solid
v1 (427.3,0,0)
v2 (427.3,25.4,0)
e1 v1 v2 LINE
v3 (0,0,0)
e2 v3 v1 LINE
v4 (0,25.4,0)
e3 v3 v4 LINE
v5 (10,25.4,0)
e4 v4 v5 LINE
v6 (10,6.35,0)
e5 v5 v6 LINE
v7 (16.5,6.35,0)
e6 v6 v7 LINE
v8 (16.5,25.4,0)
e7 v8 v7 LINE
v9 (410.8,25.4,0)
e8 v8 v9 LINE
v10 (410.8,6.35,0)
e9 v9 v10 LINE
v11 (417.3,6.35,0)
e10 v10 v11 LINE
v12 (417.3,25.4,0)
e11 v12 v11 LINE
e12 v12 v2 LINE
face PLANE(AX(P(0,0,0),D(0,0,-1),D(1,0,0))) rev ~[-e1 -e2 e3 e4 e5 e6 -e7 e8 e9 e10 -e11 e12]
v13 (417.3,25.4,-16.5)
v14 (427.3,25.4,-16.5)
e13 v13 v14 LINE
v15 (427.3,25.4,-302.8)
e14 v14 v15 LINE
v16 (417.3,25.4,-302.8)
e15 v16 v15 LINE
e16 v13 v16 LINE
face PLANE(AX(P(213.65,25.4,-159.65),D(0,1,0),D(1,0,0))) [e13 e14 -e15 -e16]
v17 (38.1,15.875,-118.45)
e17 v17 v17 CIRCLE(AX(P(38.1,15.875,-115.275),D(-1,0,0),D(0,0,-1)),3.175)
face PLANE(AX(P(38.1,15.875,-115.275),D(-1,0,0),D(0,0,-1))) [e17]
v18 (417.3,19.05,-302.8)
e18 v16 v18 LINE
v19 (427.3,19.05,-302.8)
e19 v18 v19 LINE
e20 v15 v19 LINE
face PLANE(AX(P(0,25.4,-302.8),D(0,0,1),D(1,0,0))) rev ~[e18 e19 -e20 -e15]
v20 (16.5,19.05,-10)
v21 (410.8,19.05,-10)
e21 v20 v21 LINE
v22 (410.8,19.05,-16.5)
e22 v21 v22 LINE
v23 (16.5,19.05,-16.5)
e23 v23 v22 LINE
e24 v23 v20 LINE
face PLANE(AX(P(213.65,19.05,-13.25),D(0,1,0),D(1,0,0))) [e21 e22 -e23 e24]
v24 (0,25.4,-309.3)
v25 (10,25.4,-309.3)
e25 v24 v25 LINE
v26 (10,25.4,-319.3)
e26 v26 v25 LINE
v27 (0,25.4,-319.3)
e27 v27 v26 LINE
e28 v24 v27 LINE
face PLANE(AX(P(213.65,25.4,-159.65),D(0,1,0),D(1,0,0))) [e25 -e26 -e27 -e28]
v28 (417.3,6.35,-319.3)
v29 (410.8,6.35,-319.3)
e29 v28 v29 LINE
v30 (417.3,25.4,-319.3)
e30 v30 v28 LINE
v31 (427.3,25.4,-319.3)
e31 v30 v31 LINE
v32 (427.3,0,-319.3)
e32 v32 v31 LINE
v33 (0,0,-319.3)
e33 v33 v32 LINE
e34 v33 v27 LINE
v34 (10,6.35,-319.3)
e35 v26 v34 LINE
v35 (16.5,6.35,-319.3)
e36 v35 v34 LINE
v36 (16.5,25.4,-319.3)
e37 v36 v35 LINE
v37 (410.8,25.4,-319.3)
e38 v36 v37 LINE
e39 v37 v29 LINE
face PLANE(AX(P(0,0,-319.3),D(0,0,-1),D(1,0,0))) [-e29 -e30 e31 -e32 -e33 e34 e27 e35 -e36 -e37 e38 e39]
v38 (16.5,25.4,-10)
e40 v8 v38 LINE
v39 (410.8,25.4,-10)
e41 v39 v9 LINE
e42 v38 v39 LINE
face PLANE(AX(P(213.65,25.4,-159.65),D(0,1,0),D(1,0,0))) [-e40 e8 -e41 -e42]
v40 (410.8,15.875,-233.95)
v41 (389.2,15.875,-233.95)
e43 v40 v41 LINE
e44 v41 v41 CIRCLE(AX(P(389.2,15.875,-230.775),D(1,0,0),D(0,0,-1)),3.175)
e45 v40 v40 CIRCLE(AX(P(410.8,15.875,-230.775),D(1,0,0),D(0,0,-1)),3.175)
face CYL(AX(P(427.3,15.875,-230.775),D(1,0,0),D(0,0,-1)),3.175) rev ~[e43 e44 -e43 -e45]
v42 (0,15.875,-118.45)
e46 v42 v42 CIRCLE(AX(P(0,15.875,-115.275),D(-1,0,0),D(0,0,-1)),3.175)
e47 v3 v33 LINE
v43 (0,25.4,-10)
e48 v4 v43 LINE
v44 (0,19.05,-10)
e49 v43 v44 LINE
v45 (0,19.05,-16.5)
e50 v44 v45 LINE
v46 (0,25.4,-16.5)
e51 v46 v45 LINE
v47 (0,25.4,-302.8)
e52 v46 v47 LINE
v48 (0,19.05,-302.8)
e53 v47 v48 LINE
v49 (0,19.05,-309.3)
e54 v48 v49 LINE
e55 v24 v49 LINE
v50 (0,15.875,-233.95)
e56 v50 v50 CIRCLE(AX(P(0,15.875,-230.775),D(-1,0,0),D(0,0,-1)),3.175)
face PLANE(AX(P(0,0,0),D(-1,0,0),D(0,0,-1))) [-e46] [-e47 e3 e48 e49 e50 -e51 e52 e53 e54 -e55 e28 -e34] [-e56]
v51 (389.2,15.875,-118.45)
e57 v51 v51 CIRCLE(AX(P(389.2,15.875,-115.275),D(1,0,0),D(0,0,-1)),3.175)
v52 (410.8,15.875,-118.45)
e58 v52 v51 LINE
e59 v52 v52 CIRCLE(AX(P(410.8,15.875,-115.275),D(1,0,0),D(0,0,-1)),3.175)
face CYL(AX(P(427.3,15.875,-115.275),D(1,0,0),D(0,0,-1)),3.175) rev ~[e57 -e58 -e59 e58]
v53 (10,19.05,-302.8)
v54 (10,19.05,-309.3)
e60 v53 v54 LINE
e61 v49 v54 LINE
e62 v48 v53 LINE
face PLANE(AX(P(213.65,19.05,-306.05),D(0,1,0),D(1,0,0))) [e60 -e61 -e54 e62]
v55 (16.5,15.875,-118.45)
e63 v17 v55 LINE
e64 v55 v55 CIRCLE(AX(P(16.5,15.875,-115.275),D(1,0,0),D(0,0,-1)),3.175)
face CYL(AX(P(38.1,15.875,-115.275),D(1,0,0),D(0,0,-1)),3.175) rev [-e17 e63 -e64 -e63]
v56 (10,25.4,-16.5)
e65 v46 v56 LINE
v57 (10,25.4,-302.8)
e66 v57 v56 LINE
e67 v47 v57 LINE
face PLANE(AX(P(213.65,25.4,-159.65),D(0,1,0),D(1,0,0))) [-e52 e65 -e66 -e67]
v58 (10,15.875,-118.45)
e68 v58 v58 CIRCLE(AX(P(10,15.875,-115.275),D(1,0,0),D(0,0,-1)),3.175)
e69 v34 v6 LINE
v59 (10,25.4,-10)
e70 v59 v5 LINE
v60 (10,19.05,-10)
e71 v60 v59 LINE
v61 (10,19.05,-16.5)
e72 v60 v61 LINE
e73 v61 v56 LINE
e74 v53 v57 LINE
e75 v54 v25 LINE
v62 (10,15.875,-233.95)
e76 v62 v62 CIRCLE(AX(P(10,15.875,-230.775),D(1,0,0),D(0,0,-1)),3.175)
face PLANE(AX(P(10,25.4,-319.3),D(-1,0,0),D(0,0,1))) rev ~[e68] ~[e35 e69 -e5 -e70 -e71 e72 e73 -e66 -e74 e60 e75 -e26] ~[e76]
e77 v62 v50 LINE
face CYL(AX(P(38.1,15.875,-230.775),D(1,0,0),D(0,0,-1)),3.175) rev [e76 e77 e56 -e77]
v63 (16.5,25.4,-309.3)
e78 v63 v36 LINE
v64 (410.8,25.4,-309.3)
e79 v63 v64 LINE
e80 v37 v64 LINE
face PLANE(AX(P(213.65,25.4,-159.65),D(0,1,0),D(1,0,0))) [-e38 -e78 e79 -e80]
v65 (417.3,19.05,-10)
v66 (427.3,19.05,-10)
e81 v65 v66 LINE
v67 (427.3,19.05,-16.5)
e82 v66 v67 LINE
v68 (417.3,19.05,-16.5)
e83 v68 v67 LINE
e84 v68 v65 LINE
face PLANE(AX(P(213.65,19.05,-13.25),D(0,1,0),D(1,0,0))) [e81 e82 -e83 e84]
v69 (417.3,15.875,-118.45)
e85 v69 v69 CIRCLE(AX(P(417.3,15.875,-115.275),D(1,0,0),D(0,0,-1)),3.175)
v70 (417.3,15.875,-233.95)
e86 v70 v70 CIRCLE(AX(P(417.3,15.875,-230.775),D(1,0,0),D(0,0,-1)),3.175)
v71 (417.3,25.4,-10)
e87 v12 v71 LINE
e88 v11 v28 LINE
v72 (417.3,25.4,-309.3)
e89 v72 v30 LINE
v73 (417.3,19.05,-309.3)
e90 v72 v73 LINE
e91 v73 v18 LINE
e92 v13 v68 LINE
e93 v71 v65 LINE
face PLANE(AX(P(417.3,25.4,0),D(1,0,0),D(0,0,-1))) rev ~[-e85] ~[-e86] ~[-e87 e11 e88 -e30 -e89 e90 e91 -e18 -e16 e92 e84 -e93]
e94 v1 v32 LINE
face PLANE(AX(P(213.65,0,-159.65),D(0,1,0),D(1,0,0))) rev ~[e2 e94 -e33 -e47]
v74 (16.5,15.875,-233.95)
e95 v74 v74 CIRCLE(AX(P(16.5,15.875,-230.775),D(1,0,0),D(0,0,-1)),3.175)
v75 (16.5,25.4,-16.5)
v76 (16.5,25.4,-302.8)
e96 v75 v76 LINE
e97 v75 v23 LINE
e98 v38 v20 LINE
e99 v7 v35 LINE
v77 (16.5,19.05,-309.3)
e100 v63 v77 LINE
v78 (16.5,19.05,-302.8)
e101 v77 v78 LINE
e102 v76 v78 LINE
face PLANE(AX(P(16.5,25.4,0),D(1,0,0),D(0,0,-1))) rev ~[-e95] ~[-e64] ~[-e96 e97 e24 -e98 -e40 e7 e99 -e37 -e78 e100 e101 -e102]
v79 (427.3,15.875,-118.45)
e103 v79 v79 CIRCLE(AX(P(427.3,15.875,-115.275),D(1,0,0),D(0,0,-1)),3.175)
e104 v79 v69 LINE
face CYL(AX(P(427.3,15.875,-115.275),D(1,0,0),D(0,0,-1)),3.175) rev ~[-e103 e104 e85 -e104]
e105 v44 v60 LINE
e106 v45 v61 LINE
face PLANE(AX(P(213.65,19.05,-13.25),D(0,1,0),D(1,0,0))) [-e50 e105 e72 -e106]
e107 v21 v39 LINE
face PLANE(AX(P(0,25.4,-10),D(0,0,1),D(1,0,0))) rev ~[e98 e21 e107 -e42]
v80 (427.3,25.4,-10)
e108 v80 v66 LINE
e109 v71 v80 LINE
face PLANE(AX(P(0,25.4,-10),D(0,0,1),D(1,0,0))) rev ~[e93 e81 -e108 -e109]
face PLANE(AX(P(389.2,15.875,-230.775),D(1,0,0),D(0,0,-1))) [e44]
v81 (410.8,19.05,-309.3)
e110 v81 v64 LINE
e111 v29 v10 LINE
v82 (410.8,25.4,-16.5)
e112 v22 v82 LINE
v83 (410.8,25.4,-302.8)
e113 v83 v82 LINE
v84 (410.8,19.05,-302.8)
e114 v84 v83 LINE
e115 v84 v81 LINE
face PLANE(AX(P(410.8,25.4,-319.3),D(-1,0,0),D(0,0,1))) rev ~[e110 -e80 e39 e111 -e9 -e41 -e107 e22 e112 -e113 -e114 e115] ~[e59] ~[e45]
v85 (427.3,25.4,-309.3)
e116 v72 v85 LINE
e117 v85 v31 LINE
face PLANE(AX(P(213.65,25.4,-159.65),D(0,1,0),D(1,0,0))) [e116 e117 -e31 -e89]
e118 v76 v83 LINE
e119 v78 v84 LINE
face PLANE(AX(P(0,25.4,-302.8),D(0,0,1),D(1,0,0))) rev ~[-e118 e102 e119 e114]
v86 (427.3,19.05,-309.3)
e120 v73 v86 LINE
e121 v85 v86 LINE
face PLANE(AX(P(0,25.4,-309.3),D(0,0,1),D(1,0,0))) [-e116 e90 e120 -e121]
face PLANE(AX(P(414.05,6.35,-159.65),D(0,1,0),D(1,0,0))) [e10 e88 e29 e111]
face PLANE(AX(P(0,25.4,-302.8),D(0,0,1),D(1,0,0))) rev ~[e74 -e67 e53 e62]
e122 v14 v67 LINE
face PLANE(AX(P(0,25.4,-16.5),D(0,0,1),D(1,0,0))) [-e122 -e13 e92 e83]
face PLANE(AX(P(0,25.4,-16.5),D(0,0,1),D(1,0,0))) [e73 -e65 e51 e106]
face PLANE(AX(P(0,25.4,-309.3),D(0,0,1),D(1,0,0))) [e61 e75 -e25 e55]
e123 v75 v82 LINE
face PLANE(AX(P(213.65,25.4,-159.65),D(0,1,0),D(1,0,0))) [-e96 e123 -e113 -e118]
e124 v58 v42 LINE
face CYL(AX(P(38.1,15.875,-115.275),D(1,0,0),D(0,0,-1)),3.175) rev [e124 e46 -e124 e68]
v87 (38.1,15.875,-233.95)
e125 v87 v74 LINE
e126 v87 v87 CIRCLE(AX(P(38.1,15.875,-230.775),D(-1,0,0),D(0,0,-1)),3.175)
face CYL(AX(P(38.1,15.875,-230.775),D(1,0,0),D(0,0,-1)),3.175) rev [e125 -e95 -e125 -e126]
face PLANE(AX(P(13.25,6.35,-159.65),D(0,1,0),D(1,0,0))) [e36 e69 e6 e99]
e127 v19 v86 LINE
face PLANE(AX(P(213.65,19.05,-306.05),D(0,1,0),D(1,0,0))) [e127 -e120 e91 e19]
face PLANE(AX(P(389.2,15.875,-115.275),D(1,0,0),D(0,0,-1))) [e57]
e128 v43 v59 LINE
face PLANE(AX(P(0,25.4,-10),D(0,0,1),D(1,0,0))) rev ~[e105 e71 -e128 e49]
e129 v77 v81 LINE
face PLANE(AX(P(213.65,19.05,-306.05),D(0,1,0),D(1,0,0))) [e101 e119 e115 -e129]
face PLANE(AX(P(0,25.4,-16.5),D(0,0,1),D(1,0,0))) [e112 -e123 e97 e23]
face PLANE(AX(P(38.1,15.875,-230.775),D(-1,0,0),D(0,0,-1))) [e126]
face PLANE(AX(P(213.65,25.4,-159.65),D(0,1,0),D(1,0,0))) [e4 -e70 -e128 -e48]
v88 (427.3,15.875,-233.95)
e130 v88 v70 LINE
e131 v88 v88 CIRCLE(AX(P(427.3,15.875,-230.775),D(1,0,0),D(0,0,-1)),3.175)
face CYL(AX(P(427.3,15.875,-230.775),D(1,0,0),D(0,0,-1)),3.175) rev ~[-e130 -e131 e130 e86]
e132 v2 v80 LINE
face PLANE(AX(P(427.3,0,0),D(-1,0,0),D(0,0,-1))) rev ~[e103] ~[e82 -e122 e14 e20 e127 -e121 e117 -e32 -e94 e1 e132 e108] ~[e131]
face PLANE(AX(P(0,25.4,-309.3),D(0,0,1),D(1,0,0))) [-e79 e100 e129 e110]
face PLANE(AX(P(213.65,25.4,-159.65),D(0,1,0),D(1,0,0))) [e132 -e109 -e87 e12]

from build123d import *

# Parameters (mm, degrees)
SKETCH1_W           = 427.3
SKETCH1_H           = 319.3
BOSS_EXTRUDE1_DEPTH = 25.4
CUT_EXTRUDE1_DEPTH  = 19.05
SKETCH6_W           = 427.3
SKETCH6_H           = 6.5
CUT_EXTRUDE4_DEPTH  = 6.35
SKETCH4_R           = 3.175
CUT_EXTRUDE2_DEPTH  = 38.1
CUT_EXTRUDE3_START  = -38.1
SKETCH5_R           = 3.175
CUT_EXTRUDE3_DEPTH  = 38.1


with BuildPart() as part:
    # Sketch1 → Boss-Extrude1 (new body)
    with BuildSketch(Plane(origin=(0, 0, 0), x_dir=(1, 0, 0), z_dir=(0, 1, 0))):
        with Locations((213.65, 159.65)):
            Rectangle(SKETCH1_W, SKETCH1_H)
    extrude(amount=BOSS_EXTRUDE1_DEPTH)

    # Sketch2 → Cut-Extrude1 (cut)
    with BuildSketch(Plane(origin=(0, 25.4, 0), x_dir=(1, 0, 0), z_dir=(0, 1, 0))):
        Polygon((410.8, 302.8), (410.8, 16.5), (410.8, 10), (410.8, 0), (417.3, 0), (417.3, 10), (417.3, 16.5), (417.3, 302.8), (417.3, 309.3), (417.3, 319.3), (410.8, 319.3), (410.8, 309.3), align=None)
        Polygon((16.5, 16.5), (16.5, 302.8), (16.5, 309.3), (16.5, 319.3), (10, 319.3), (10, 309.3), (10, 302.8), (10, 16.5), (10, 10), (10, 0), (16.5, 0), (16.5, 10), align=None)
    extrude(amount=-CUT_EXTRUDE1_DEPTH, mode=Mode.SUBTRACT)

    # Sketch6 → Cut-Extrude4 (cut)
    with BuildSketch(Plane(origin=(0, 25.4, 0), x_dir=(1, 0, 0), z_dir=(0, 1, 0))):
        with Locations((213.65, 13.25)):
            Rectangle(SKETCH6_W, SKETCH6_H)
        with Locations((213.65, 306.05)):
            Rectangle(SKETCH6_W, SKETCH6_H)
    extrude(amount=-CUT_EXTRUDE4_DEPTH, mode=Mode.SUBTRACT)

    # Sketch4 → Cut-Extrude2 (cut)
    with BuildSketch(Plane(origin=(427.3, 0, 0), x_dir=(0, 0, -1), z_dir=(1, 0, 0))):
        with Locations((115.275, 15.875)):
            Circle(SKETCH4_R)
        with Locations((230.775, 15.875)):
            Circle(SKETCH4_R)
    extrude(amount=-CUT_EXTRUDE2_DEPTH, mode=Mode.SUBTRACT)

    # Sketch5 → Cut-Extrude3 (cut)
    with BuildSketch(Plane.ZY.offset(CUT_EXTRUDE3_START)):
        with Locations(Location((-230.775, 15.875, 0), (0, 0, 180))):
            Circle(SKETCH5_R)
        with Locations(Location((-115.275, 15.875, 0), (0, 0, 180))):
            Circle(SKETCH5_R)
    extrude(amount=CUT_EXTRUDE3_DEPTH, mode=Mode.SUBTRACT)


solid = part.part
